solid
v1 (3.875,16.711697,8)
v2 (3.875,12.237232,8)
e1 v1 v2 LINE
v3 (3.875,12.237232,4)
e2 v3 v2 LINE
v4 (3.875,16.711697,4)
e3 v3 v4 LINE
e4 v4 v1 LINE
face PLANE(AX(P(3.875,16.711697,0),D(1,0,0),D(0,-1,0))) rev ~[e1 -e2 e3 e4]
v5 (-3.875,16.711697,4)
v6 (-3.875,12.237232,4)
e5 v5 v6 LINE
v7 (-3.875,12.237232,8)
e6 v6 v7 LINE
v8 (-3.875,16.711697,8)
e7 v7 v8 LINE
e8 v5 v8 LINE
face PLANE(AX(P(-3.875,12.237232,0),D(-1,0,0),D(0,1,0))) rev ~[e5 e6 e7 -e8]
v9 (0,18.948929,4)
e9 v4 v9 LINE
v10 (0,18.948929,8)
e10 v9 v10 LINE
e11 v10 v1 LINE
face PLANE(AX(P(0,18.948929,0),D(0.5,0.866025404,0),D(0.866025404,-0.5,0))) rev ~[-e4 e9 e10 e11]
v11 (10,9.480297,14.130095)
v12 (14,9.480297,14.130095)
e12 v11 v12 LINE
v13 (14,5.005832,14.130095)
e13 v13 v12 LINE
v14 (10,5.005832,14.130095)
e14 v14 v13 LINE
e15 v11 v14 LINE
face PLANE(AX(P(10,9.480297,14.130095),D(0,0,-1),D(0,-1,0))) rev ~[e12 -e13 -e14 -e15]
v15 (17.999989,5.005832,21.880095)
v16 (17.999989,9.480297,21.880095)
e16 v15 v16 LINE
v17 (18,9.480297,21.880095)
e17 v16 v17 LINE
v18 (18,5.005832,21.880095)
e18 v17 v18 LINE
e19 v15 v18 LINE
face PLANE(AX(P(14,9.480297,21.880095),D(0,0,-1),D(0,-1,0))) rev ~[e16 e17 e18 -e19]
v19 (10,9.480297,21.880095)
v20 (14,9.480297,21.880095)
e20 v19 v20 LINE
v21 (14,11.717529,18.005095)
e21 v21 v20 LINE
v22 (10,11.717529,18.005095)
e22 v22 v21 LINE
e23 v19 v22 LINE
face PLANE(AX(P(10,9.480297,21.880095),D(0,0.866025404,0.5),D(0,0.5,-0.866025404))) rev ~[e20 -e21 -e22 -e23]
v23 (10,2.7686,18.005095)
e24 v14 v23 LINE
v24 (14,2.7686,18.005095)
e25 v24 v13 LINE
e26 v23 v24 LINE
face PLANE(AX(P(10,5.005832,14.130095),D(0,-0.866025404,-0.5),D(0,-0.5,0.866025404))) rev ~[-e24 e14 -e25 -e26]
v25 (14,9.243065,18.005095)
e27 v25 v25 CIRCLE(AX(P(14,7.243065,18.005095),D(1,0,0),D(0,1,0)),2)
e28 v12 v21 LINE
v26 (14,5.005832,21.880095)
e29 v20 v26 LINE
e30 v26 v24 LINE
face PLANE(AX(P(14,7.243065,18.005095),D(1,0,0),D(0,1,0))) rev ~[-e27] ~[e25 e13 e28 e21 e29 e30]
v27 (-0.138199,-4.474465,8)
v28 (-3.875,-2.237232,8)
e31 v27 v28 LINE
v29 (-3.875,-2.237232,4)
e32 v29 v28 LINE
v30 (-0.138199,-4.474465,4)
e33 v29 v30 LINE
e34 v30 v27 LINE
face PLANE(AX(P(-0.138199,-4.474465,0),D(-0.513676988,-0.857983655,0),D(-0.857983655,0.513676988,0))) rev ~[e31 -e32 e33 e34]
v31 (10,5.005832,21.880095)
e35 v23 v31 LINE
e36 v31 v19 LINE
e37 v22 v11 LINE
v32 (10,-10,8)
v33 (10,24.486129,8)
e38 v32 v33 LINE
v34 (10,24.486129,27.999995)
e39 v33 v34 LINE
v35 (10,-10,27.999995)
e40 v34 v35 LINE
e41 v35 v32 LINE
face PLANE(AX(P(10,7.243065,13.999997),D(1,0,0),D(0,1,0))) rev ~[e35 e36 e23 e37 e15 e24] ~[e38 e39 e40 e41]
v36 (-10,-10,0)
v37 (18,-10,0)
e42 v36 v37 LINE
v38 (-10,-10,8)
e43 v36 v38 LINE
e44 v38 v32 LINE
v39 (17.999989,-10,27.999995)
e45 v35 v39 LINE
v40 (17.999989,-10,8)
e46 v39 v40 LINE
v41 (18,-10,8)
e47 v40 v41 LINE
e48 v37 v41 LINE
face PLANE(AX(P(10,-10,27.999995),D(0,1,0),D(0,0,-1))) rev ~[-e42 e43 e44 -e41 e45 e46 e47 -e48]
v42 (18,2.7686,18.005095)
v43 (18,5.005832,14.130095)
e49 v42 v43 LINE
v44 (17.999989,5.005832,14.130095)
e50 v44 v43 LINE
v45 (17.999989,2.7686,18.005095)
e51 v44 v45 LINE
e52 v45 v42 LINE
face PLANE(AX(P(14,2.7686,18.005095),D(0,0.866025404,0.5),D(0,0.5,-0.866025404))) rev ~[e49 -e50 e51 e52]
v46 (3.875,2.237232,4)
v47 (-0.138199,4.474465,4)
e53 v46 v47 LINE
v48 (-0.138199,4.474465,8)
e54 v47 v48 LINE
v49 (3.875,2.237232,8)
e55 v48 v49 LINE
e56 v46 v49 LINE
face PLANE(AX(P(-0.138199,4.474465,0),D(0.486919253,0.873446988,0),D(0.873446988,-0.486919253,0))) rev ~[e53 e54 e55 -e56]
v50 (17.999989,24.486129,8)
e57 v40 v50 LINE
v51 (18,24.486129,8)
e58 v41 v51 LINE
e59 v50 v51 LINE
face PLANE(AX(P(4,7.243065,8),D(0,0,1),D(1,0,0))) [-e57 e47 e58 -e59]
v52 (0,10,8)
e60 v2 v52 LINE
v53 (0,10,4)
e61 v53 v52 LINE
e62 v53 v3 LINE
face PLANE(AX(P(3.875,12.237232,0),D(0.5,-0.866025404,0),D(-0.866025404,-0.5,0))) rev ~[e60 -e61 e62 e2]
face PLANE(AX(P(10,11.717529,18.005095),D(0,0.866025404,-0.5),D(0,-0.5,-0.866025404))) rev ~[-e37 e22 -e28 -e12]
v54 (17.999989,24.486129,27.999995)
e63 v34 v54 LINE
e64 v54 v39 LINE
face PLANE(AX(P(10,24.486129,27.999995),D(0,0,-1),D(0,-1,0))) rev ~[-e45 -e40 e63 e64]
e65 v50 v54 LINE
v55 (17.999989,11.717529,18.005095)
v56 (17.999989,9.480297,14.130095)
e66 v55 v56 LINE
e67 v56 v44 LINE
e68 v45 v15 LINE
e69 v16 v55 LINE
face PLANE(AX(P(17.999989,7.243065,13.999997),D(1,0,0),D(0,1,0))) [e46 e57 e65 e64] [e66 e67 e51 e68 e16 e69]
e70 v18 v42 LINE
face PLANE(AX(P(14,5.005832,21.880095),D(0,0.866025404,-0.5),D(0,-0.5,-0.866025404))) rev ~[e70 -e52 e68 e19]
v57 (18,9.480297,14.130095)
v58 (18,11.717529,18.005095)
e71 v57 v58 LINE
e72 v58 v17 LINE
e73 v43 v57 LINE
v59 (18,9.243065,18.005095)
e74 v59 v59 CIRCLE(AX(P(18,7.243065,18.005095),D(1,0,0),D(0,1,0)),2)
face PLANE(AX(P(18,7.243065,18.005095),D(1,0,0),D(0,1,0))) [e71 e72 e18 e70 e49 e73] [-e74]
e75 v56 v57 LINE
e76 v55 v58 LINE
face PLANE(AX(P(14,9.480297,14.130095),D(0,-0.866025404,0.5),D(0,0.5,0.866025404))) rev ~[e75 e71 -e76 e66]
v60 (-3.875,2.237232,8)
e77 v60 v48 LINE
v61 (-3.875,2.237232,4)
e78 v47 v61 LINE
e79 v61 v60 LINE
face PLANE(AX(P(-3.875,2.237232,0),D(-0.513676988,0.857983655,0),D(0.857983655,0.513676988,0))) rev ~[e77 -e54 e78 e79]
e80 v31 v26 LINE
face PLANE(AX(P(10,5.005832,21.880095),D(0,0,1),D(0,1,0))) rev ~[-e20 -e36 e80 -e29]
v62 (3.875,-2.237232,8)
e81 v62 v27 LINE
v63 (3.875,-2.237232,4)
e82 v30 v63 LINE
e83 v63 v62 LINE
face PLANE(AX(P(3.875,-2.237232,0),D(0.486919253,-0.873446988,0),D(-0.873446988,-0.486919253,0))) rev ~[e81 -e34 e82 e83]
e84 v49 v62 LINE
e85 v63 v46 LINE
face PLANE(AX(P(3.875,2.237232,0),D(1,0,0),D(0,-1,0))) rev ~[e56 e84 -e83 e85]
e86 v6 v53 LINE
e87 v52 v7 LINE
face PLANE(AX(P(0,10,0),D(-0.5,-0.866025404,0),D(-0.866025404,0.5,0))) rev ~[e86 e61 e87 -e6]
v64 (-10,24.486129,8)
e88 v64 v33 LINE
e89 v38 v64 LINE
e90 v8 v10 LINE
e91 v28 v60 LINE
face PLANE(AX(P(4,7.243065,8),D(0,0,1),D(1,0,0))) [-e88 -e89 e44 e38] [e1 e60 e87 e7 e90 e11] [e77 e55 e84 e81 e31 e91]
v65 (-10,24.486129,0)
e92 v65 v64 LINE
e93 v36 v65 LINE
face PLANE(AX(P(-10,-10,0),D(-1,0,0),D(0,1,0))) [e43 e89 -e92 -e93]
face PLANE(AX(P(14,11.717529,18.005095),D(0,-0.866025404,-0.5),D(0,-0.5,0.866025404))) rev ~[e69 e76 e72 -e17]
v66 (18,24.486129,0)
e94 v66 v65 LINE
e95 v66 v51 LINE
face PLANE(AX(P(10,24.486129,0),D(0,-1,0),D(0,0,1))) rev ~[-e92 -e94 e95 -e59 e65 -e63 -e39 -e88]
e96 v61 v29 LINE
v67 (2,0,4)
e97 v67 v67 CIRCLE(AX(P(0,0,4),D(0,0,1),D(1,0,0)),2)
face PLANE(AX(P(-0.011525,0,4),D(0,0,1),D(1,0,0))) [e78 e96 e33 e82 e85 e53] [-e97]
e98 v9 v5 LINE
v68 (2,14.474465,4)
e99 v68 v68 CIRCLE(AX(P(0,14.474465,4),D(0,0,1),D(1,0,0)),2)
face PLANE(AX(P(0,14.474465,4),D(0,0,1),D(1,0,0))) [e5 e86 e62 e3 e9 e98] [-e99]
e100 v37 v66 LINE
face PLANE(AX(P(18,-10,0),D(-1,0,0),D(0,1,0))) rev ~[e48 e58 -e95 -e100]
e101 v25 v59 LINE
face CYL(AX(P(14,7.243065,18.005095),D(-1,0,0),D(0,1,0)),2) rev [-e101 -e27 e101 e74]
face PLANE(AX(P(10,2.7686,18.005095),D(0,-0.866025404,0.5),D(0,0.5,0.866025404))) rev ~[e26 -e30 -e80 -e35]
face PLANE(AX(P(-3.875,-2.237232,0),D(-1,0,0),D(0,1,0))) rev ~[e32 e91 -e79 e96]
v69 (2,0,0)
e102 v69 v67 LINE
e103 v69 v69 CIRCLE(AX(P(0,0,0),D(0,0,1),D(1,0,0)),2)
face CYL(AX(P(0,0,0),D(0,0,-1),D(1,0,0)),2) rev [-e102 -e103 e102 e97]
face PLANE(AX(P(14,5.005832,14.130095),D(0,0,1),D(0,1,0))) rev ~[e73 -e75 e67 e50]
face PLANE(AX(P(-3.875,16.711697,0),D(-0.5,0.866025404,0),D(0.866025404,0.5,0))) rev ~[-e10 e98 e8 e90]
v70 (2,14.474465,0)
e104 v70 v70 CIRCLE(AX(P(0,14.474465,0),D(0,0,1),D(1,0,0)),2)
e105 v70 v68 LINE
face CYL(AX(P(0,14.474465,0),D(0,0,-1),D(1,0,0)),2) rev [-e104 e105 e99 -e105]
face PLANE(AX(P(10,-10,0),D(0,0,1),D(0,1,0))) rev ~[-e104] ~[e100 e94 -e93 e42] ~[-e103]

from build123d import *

# Parameters (mm, degrees)
F0_W     = 28
F0_H     = 34.4861291724
F1_DEPTH = 8
F0_R     = 2
F2_DEPTH = 4
F4_START = 10
F4_DEPTH = 7.9999894
F5_START = 14
F3_R     = 2
F5_DEPTH = 4


with BuildPart() as f1:
    # F0 (on Top) → F1 (new body)
    with BuildSketch(Plane.XY):
        with Locations((4, 7.2430645862)):
            Rectangle(F0_W, F0_H)
        Polygon((3.875, 2.2372322931), (3.875, -2.2372322931), (-0.1381988935, -4.4744645862), (-3.875, -2.2372322931), (-3.875, 2.2372322931), (-0.1381988935, 4.4744645862), align=None, mode=Mode.SUBTRACT)
        Polygon((3.875, 16.7116968793), (3.875, 12.2372322931), (0, 10), (-3.875, 12.2372322931), (-3.875, 16.7116968793), (0, 18.9489291724), align=None, mode=Mode.SUBTRACT)
    extrude(amount=F1_DEPTH)

    # F0 (on Top) → F2 (join)
    with BuildSketch(Plane.XY):
        Polygon((0, 10), (3.875, 12.2372322931), (3.875, 16.7116968793), (0, 18.9489291724), (-3.875, 16.7116968793), (-3.875, 12.2372322931), align=None)
        with Locations((0, 14.4744645862)):
            Circle(F0_R, mode=Mode.SUBTRACT)
        Polygon((-0.1381988935, -4.4744645862), (3.875, -2.2372322931), (3.875, 2.2372322931), (-0.1381988935, 4.4744645862), (-3.875, 2.2372322931), (-3.875, -2.2372322931), align=None)
        Circle(F0_R, mode=Mode.SUBTRACT)
    extrude(amount=F2_DEPTH)

    # F3 (on Right) → F4 (join)
    with BuildSketch(Plane.YZ.offset(F4_START)):
        Polygon((-10, 27.9999948), (-10, 0), (24.4861291724, 0), (24.4861291724, 27.9999948), (7.2430645862, 27.9999948), align=None)
        Polygon((2.7686, 18.0050948), (5.0058322931, 21.8800948), (9.4802968793, 21.8800948), (11.7175291724, 18.0050948), (9.4802968793, 14.1300948), (5.0058322931, 14.1300948), align=None, mode=Mode.SUBTRACT)
    extrude(amount=F4_DEPTH)

    # F3 (on Right) → F5 (join)
    with BuildSketch(Plane.YZ.offset(F5_START)):
        Polygon((9.4802968793, 21.8800948), (5.0058322931, 21.8800948), (2.7686, 18.0050948), (5.0058322931, 14.1300948), (9.4802968793, 14.1300948), (11.7175291724, 18.0050948), align=None)
        with Locations((7.2430645862, 18.0050948)):
            Circle(F3_R, mode=Mode.SUBTRACT)
    extrude(amount=F5_DEPTH)


solid = f1.part
